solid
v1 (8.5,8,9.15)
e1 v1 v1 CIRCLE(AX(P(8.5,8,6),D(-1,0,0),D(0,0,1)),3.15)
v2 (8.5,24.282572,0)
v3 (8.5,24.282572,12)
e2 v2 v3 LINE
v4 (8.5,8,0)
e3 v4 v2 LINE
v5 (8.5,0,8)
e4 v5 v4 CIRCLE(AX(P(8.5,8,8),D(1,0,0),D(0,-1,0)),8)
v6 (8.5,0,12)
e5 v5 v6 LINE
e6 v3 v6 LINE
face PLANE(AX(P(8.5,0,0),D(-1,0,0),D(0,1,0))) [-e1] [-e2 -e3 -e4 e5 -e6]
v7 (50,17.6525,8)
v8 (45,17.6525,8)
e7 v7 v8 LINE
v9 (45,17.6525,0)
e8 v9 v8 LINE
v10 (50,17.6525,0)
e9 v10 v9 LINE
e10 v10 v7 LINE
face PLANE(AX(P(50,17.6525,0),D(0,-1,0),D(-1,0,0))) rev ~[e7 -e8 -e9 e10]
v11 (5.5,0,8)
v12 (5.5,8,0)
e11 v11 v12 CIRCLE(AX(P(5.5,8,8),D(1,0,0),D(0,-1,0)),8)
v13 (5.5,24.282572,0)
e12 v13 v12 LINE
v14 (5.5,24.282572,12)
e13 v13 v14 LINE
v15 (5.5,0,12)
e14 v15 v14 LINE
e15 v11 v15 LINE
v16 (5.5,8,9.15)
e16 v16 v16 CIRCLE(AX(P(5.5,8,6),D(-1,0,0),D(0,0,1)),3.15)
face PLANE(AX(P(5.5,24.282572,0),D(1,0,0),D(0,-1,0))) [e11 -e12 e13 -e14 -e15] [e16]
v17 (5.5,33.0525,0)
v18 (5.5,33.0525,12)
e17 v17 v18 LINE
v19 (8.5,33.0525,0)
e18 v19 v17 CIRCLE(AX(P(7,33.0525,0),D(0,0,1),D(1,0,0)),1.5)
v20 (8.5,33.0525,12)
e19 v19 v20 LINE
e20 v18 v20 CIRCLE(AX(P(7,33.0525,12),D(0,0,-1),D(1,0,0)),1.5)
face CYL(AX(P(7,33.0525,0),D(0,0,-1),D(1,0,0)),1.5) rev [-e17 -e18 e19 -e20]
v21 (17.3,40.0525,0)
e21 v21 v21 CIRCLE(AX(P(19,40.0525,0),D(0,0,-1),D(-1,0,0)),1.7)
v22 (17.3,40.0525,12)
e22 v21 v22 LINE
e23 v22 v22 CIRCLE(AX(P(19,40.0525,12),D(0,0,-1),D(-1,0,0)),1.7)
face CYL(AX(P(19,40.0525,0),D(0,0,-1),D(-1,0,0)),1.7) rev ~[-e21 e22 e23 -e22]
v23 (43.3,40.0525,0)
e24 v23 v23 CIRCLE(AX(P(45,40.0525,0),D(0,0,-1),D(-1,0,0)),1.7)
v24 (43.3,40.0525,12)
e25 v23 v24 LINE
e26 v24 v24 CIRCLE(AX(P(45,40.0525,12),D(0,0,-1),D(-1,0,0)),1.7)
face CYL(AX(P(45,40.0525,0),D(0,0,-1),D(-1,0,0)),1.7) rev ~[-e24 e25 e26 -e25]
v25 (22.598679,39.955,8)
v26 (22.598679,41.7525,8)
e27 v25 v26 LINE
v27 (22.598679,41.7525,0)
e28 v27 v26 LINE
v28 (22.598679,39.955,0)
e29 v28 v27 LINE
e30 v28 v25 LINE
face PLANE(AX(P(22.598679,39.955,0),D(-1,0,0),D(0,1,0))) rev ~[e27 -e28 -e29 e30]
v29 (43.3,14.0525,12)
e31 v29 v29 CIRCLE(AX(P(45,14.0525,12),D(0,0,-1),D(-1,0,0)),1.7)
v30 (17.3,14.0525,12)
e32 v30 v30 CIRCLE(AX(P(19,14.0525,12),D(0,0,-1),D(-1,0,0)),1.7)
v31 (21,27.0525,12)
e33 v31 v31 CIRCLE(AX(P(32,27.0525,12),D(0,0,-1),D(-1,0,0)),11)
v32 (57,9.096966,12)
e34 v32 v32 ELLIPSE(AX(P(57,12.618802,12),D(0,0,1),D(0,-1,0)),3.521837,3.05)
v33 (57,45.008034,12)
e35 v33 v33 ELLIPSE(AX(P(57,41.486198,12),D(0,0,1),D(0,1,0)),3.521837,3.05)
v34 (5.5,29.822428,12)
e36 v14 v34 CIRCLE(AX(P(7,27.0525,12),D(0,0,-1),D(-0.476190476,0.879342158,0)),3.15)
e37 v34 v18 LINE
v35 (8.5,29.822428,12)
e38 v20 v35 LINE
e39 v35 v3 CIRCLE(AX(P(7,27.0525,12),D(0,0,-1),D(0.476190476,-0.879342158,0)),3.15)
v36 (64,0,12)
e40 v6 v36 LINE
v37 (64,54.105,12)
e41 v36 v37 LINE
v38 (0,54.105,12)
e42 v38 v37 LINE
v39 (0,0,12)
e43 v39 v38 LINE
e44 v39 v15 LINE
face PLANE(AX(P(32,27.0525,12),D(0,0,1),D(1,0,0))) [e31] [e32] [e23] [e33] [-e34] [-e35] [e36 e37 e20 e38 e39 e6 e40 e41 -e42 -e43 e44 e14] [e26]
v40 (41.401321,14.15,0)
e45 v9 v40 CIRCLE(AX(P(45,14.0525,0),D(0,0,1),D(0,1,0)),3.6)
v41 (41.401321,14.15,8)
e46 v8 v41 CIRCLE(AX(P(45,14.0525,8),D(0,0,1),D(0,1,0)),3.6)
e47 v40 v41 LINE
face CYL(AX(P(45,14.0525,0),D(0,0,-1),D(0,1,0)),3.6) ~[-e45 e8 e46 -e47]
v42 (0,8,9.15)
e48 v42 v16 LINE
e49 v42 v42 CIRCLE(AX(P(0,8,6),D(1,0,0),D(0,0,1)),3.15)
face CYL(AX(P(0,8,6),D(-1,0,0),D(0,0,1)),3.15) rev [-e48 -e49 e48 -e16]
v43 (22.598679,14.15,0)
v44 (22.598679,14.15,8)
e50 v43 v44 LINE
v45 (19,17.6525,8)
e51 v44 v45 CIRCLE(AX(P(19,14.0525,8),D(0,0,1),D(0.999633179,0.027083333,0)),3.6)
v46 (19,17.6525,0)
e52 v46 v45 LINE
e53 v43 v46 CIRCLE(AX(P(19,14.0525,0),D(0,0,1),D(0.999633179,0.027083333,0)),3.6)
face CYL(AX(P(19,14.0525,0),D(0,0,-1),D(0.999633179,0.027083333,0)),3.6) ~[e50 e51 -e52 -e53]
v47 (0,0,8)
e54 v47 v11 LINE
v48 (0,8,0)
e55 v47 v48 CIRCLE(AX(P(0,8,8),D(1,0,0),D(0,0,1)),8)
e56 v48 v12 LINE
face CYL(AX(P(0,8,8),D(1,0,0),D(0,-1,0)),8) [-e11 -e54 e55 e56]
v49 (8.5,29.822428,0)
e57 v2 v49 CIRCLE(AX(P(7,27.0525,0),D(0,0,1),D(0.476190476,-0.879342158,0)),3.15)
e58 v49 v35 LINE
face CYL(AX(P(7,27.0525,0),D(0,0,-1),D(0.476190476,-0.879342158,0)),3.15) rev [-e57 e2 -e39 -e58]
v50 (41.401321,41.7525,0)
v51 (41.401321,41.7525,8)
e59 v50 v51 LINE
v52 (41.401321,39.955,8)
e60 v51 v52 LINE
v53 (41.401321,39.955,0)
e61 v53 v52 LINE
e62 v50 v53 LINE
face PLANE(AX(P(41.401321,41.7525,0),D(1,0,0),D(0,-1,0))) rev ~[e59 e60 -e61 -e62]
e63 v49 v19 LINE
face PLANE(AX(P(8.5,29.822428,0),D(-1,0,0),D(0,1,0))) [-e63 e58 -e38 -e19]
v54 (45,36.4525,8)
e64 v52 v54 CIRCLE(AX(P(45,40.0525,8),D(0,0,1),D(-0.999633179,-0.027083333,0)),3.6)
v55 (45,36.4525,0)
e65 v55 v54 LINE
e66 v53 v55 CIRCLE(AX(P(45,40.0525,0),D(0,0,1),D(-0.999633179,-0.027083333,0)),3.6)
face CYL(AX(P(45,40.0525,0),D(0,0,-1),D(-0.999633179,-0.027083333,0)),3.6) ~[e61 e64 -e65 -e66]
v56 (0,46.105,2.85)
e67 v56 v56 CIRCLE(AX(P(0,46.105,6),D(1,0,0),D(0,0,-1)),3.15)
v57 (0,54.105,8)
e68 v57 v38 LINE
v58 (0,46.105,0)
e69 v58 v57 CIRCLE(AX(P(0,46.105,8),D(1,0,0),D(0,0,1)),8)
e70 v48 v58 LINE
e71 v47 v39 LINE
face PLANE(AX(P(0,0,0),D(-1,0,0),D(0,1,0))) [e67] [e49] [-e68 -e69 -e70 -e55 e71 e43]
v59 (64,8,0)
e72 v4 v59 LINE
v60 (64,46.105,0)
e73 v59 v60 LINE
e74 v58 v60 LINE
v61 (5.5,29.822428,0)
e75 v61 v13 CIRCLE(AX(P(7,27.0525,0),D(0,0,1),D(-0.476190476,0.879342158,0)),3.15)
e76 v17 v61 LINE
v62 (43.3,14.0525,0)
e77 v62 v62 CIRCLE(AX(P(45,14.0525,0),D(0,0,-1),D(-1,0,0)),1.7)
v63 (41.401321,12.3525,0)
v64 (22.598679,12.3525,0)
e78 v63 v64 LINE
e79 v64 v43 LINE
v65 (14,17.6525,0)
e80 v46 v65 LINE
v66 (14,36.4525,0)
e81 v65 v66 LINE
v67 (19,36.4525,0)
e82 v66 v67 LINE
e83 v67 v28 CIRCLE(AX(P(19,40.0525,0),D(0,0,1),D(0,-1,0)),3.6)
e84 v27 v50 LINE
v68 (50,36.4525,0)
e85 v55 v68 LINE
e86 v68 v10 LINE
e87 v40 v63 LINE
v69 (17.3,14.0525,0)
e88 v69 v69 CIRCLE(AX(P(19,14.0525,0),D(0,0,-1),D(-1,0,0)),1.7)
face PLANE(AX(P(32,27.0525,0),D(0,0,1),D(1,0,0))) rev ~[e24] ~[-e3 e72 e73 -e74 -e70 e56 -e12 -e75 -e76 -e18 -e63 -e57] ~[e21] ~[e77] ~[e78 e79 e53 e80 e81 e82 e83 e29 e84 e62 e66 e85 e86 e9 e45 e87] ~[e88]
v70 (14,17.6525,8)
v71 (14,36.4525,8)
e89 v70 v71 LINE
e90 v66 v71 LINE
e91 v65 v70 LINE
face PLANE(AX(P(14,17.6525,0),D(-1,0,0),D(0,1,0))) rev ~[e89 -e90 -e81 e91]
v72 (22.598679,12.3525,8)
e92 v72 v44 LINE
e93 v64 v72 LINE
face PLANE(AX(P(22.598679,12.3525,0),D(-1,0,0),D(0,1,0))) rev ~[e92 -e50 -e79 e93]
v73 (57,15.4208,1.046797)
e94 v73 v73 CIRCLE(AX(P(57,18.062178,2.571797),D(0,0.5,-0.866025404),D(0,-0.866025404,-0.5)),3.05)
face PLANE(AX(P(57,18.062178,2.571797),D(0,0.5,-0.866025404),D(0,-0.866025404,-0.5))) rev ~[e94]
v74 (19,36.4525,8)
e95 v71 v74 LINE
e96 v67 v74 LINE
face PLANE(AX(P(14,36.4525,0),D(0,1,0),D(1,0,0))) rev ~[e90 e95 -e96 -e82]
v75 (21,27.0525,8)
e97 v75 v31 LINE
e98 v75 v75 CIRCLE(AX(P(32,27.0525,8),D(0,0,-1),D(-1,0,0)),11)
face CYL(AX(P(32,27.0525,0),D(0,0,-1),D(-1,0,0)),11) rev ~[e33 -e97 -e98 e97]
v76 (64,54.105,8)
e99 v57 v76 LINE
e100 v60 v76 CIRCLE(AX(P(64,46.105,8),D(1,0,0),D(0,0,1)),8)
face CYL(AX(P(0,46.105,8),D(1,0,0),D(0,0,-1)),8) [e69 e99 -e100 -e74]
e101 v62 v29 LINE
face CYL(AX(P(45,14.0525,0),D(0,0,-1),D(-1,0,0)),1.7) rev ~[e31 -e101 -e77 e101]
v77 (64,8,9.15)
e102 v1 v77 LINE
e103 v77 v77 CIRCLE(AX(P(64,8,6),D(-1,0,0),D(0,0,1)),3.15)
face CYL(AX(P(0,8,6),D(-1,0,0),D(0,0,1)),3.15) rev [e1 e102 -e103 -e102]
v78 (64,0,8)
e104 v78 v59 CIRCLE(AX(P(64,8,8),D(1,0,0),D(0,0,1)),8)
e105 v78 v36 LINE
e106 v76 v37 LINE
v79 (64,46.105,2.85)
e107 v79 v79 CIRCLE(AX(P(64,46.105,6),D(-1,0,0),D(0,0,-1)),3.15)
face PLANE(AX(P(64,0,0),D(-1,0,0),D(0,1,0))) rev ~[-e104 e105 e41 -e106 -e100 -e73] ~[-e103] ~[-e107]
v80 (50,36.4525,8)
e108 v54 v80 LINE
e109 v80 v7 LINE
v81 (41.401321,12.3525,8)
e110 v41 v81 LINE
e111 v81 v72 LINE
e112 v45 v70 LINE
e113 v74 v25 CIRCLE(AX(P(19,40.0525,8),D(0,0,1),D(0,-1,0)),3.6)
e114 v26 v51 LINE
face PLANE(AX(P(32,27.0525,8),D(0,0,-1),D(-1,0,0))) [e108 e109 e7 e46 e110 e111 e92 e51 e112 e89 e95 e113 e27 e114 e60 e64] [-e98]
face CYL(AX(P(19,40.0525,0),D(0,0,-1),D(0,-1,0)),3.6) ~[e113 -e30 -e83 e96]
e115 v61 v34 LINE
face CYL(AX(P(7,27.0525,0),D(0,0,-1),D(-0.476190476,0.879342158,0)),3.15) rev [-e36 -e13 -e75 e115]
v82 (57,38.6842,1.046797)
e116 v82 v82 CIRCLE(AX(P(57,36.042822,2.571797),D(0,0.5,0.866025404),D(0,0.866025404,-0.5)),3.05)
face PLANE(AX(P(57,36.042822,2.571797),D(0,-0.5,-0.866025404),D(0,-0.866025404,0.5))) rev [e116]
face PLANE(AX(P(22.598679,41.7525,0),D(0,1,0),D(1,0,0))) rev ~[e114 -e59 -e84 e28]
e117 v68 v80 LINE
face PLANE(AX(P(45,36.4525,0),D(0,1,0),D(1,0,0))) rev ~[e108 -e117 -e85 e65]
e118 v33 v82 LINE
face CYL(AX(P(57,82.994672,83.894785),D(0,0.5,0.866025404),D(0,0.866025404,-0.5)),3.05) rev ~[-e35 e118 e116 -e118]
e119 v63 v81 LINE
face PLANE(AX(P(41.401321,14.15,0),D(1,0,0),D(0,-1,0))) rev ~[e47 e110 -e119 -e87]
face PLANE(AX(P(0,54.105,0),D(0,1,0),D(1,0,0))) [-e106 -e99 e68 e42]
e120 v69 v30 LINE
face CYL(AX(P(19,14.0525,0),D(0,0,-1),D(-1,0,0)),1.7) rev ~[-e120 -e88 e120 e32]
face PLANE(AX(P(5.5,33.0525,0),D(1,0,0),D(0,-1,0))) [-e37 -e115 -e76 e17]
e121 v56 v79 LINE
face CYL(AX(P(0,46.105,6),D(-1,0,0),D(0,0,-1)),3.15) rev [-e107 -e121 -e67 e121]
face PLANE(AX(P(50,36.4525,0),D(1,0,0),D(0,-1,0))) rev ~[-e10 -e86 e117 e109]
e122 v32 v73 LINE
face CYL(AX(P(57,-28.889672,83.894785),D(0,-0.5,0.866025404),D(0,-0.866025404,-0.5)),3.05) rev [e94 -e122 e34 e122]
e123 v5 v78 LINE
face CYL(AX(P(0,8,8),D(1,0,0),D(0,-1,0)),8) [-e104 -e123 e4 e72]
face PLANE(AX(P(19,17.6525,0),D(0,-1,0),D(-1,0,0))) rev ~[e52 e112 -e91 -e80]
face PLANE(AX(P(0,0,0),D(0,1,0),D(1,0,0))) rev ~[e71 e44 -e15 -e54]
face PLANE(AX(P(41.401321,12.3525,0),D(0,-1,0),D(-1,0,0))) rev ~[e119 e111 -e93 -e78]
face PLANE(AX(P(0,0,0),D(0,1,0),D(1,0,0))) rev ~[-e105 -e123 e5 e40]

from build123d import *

# Parameters (mm, degrees)
SKETCH1_W           = 64
SKETCH1_H           = 54.105
BOSS_EXTRUDE1_DEPTH = 12
SKETCH2_R           = 3.15
CUT_EXTRUDE1_DEPTH  = 85.660209219
FILLET1_R           = 8
SKETCH3_R           = 11
SKETCH3_R_2         = 1.7
CUT_EXTRUDE2_DEPTH  = 85.660209219
CUT_EXTRUDE4_DEPTH  = 8
CUT_EXTRUDE5_START  = -85.903698808
SKETCH6_R           = 3.05
CUT_EXTRUDE5_DEPTH  = 93.903698808


with BuildPart() as part:
    # Sketch1 → Boss-Extrude1 (new body)
    with BuildSketch(Plane.XY):
        with Locations((32, 27.0525)):
            Rectangle(SKETCH1_W, SKETCH1_H)
    extrude(amount=BOSS_EXTRUDE1_DEPTH)

    # Sketch2 → Cut-Extrude1 (cut, through all)
    with BuildSketch(Plane(origin=(0, 0, 0), x_dir=(0, 0, -1), z_dir=(1, 0, 0))):
        with Locations((-6, 46.105)):
            Circle(SKETCH2_R)
        with Locations(Location((-6, 8, 0), (0, 0, 180))):
            Circle(SKETCH2_R)
    extrude(amount=CUT_EXTRUDE1_DEPTH, mode=Mode.SUBTRACT)

    # Fillet1
    fillet1_edges = [part.edges().sort_by_distance(p)[0] for p in [
        (32, 54.105, 0),
        (32, 0, 0),
    ]]
    fillet(fillet1_edges, radius=FILLET1_R)

    # Sketch3 → Cut-Extrude2 (cut, through all)
    with BuildSketch(Plane(origin=(0, 0, 0), x_dir=(-1, 0, 0), z_dir=(0, 0, -1))):
        with Locations((-32, 27.0525)):
            Circle(SKETCH3_R)
        with Locations((-19, 40.0525)):
            Circle(SKETCH3_R_2)
        with Locations((-19, 14.0525)):
            Circle(SKETCH3_R_2)
        with Locations((-45, 14.0525)):
            Circle(SKETCH3_R_2)
        with Locations((-45, 40.0525)):
            Circle(SKETCH3_R_2)
        with BuildLine():
            Line((-8.5, 0), (-8.5, 24.282572203))
            ThreePointArc((-8.5, 24.282572203), (-10.15, 27.0525), (-8.5, 29.822427797))
            Line((-8.5, 29.822427797), (-8.5, 33.0525))
            ThreePointArc((-8.5, 33.0525), (-7, 34.5525), (-5.5, 33.0525))
            Line((-5.5, 33.0525), (-5.5, 29.822427797))
            ThreePointArc((-5.5, 29.822427797), (-3.85, 27.0525), (-5.5, 24.282572203))
            Line((-5.5, 24.282572203), (-5.5, 0))
            Line((-5.5, 0), (-8.5, 0))
        make_face()
    extrude(amount=-CUT_EXTRUDE2_DEPTH, mode=Mode.SUBTRACT)

    # Sketch5 → Cut-Extrude4 (cut)
    with BuildSketch(Plane(origin=(0, 0, 0), x_dir=(-1, 0, 0), z_dir=(0, 0, -1))):
        with BuildLine():
            Line((-19, 17.6525), (-14, 17.6525))
            Line((-14, 17.6525), (-14, 36.4525))
            Line((-14, 36.4525), (-19, 36.4525))
            ThreePointArc((-19, 36.4525), (-21.510876341, 37.472674425), (-22.598679445, 39.955))
            Line((-22.598679445, 39.955), (-22.598679445, 41.7525))
            Line((-22.598679445, 41.7525), (-41.401320555, 41.7525))
            Line((-41.401320555, 41.7525), (-41.401320555, 39.955))
            ThreePointArc((-41.401320555, 39.955), (-42.489123659, 37.472674425), (-45, 36.4525))
            Line((-45, 36.4525), (-50, 36.4525))
            Line((-50, 36.4525), (-50, 17.6525))
            Line((-50, 17.6525), (-45, 17.6525))
            ThreePointArc((-45, 17.6525), (-42.489123659, 16.632325575), (-41.401320555, 14.15))
            Line((-41.401320555, 14.15), (-41.401320555, 12.3525))
            Line((-41.401320555, 12.3525), (-22.598679445, 12.3525))
            Line((-22.598679445, 12.3525), (-22.598679445, 14.15))
            ThreePointArc((-22.598679445, 14.15), (-21.510876341, 16.632325575), (-19, 17.6525))
        make_face()
    extrude(amount=-CUT_EXTRUDE4_DEPTH, mode=Mode.SUBTRACT)

    # Sketch6 → Cut-Extrude5 (cut)
    with BuildSketch(Plane(origin=(0, -0.598076211, 1.035898385), x_dir=(1, 0, 0), z_dir=(0, 0.49999999999999495, -0.8660254037844416)).offset(CUT_EXTRUDE5_START)):
        with Locations(Location((57, -16.92820323, 0), (0, 0, 90))):
            Circle(SKETCH6_R)
    cut_extrude5 = extrude(amount=CUT_EXTRUDE5_DEPTH, mode=Mode.SUBTRACT)

    # Mirror1: Cut-Extrude5 across plane
    add(cut_extrude5.mirror(Plane.ZX.offset(27.0525)), mode=Mode.SUBTRACT)


solid = part.part
